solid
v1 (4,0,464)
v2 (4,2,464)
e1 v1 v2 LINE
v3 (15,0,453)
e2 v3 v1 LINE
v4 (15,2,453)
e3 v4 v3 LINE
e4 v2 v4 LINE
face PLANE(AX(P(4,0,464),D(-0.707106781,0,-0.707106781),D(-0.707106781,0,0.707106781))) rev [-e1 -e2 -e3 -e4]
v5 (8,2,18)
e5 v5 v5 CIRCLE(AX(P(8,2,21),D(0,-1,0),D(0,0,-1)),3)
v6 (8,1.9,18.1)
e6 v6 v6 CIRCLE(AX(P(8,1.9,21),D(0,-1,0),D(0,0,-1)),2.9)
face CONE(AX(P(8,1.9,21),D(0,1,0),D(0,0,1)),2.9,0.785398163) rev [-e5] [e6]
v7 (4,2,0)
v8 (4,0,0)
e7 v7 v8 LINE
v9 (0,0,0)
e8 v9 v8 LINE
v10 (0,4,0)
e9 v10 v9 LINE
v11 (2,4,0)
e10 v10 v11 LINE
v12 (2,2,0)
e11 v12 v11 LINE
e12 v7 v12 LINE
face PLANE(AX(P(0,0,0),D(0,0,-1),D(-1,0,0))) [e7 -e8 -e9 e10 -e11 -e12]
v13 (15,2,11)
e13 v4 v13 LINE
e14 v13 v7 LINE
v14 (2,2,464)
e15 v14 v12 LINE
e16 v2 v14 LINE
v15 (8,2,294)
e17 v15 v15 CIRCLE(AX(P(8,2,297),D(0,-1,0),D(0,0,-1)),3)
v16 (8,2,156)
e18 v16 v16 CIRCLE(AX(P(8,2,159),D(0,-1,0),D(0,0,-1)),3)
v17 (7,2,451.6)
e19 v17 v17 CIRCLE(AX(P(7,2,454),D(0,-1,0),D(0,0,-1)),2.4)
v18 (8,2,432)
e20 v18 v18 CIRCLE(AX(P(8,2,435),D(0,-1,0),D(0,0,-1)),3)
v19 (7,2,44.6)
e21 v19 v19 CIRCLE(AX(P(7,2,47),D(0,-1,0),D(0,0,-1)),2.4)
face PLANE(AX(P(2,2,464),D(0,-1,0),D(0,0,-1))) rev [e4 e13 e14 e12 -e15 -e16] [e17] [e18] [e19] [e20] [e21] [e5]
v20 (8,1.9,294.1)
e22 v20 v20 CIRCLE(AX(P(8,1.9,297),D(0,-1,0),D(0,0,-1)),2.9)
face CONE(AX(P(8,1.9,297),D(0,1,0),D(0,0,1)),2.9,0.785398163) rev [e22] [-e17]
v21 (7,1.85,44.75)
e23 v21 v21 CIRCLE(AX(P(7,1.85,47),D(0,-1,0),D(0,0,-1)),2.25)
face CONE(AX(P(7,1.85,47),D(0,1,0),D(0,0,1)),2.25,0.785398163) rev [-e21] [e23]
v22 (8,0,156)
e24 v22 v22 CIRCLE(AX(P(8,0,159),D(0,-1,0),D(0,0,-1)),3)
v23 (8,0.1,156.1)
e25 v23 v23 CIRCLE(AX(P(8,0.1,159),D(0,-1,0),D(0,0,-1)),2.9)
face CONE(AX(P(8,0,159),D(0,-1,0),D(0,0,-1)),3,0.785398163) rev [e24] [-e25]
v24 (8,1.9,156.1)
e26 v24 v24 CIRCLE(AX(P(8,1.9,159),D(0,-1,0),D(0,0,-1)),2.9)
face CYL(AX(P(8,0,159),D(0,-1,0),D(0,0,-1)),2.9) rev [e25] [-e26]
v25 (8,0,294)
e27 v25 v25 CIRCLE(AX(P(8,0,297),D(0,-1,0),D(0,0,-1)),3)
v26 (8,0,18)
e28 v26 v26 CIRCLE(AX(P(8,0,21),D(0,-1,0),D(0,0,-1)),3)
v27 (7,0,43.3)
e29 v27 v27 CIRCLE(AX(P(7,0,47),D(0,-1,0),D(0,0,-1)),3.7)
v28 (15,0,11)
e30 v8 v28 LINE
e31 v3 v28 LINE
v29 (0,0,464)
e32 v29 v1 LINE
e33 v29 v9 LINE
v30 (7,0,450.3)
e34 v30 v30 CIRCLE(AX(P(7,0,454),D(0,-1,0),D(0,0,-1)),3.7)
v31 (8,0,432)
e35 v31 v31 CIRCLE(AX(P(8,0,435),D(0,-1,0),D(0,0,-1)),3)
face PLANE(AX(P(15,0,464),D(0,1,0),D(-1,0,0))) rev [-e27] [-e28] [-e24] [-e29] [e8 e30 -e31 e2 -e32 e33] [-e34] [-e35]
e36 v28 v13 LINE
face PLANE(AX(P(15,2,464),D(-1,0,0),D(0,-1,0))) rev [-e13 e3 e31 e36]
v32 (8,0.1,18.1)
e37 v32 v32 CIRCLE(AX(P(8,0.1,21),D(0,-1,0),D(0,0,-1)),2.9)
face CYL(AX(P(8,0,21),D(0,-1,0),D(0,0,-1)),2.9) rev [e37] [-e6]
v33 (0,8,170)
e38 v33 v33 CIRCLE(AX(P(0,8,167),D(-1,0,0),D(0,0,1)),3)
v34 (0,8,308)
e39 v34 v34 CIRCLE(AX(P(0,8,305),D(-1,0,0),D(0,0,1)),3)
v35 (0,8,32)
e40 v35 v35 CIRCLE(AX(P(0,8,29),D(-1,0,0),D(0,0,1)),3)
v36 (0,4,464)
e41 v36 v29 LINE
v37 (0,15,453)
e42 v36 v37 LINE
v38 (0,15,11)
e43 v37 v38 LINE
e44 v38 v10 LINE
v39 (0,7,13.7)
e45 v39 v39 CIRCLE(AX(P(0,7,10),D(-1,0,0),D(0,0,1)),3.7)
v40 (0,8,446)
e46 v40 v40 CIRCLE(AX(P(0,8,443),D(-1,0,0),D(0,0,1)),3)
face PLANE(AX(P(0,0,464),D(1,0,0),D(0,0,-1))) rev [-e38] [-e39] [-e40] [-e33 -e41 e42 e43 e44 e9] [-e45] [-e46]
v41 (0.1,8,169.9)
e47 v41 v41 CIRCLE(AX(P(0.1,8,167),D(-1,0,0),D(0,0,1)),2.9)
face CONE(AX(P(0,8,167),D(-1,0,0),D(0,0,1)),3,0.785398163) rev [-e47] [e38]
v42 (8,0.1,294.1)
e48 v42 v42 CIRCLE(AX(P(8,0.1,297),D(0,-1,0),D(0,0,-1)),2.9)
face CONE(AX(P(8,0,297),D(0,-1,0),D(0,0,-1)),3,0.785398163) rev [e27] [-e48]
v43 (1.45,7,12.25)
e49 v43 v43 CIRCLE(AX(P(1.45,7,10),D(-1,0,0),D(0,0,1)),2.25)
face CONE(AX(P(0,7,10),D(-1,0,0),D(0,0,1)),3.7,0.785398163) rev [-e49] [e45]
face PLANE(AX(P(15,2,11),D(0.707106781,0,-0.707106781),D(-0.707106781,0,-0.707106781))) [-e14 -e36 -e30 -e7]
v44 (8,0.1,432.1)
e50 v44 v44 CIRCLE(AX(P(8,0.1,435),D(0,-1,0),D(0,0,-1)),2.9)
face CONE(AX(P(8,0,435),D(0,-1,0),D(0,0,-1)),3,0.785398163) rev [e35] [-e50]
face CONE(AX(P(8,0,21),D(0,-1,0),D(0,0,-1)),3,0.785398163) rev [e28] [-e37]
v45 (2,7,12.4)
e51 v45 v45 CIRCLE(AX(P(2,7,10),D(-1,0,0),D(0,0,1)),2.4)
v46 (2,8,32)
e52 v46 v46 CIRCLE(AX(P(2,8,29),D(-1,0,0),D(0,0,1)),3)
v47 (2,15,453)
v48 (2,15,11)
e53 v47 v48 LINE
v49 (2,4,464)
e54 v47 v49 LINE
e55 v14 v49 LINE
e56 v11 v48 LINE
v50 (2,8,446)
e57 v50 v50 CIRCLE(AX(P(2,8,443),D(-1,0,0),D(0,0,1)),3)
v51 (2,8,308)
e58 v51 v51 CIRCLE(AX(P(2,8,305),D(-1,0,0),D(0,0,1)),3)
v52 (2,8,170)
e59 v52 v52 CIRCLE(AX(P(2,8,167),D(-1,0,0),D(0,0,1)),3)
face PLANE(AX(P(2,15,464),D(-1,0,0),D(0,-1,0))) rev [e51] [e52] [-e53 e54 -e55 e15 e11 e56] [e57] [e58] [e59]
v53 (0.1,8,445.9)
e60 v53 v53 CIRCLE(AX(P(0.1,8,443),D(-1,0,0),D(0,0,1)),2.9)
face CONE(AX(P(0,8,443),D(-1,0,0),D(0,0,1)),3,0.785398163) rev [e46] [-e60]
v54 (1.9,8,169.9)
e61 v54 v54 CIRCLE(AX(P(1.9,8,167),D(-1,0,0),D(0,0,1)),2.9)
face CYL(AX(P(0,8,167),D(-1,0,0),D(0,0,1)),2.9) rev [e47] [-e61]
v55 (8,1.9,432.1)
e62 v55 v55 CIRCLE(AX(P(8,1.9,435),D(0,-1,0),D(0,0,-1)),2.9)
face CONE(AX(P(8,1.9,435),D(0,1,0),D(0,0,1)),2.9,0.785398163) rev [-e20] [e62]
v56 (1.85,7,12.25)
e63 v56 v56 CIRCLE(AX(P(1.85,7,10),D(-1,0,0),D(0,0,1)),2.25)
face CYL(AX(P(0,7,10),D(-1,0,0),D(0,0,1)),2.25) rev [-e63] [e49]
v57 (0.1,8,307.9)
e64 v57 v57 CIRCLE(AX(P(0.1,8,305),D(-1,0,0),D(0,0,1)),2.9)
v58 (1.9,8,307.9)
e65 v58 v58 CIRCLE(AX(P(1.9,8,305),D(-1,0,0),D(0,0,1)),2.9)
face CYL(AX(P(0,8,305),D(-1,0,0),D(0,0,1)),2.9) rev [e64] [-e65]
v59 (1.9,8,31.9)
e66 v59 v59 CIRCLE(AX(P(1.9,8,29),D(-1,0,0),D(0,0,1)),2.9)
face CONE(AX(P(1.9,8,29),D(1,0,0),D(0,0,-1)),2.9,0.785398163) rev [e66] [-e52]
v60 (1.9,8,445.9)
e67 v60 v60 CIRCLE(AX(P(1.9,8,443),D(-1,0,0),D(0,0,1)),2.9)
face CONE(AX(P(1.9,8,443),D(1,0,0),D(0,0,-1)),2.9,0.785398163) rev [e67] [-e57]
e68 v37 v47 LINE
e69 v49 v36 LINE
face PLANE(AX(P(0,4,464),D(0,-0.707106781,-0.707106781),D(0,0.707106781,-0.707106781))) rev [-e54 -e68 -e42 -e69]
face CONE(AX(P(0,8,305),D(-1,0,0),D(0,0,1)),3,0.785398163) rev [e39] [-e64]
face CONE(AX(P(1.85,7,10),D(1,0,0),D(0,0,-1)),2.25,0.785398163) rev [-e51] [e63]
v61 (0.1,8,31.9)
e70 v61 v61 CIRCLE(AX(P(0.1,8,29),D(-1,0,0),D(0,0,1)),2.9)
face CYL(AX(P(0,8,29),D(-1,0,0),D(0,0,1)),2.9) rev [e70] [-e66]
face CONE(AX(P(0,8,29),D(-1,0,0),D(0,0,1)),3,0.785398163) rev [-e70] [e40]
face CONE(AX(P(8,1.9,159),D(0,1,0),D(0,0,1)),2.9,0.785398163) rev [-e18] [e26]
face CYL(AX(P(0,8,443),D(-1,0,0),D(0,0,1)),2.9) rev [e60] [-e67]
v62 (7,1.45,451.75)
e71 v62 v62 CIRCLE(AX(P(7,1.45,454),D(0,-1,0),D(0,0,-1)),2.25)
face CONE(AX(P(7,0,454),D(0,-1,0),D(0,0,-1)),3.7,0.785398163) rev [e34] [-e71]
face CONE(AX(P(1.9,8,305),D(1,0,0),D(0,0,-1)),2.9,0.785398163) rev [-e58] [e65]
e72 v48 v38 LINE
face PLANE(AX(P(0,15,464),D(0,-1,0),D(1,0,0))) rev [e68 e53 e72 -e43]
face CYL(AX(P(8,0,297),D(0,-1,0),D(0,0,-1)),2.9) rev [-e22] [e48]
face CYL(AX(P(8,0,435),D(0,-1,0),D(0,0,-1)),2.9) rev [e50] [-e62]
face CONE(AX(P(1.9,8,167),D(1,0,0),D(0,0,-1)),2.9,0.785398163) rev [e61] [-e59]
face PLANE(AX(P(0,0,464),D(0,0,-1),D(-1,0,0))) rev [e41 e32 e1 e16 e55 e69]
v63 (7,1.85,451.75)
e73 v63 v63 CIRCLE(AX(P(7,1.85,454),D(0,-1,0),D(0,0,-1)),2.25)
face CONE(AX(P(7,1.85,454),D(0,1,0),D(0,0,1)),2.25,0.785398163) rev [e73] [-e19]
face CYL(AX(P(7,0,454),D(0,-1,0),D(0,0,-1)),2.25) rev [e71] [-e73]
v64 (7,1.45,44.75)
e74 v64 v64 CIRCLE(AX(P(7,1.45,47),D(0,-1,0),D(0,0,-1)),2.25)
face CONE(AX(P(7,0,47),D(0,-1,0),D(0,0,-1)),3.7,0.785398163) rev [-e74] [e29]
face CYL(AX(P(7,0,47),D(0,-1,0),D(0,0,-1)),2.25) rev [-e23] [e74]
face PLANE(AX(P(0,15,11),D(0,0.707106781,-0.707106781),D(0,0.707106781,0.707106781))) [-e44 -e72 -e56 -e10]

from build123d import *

# Parameters (mm, degrees)
EXTRUDE_1_DEPTH            = 464
CHAMFER_1_SIZE             = 11
HOLE_WIZARD_M41_AT_2_COUNT = 2
HOLE_WIZARD_M41_AT_2_PITCH = 407
HOLE_WIZARD_M51_AT_2_COUNT = 2
HOLE_WIZARD_M51_AT_2_PITCH = 138
HOLE_WIZARD_M51_AT_3_COUNT = 2
HOLE_WIZARD_M51_AT_3_PITCH = 276
HOLE_WIZARD_M51_AT_4_COUNT = 2
HOLE_WIZARD_M51_AT_4_PITCH = 414
HOLE_WIZARD_M52_AT_2_COUNT = 2
HOLE_WIZARD_M52_AT_2_PITCH = 138
HOLE_WIZARD_M52_AT_3_COUNT = 2
HOLE_WIZARD_M52_AT_3_PITCH = 276
HOLE_WIZARD_M52_AT_4_COUNT = 2
HOLE_WIZARD_M52_AT_4_PITCH = 414


with BuildPart() as part:
    # Эскиз1 → Бобышка-Вытянуть1 (new body)
    with BuildSketch(Plane.XY):
        Polygon((0, 0), (0, 15), (2, 15), (2, 2), (15, 2), (15, 0), align=None)
    extrude(amount=EXTRUDE_1_DEPTH)

    # Фаска1
    chamfer_1_edges = [part.edges().sort_by_distance(p)[0] for p in [
        (1, 15, 464),
        (1, 15, 0),
        (15, 1, 464),
        (15, 1, 0),
    ]]
    chamfer(chamfer_1_edges, length=CHAMFER_1_SIZE)

    # Эскиз2 → Зенковка для винта с потайной головкой M41 (revolve, cut)
    with BuildSketch(Plane(origin=(7, 0, 454), x_dir=(0, 0, -1), z_dir=(1, 0, 0))):
        Polygon((0, 0), (0, 2), (2.4, 2), (2.25, 1.85), (2.25, 1.45), (3.7, 0), align=None)
    hole_wizard_m41 = revolve(axis=Axis((7, -6.35, 454), (0, 1, 0)), mode=Mode.SUBTRACT)

    # Зенковка для винта с потайной головкой M41 at 2: Зенковка для винта с потайной головкой M41 ×2
    with Locations(*[(0, 0, -i * HOLE_WIZARD_M41_AT_2_PITCH) for i in range(1, HOLE_WIZARD_M41_AT_2_COUNT)]):
        add(hole_wizard_m41, mode=Mode.SUBTRACT)

    # Эскиз6 → Зенковка для винта с потайной головкой M42 (revolve, cut)
    with BuildSketch(Plane(origin=(0, 7, 10), x_dir=(0, 0, 1), z_dir=(0, 1, 0))):
        Polygon((0, 0), (0, 2), (2.4, 2), (2.25, 1.85), (2.25, 1.45), (3.7, 0), align=None)
    revolve(axis=Axis((-6.35, 7, 10), (1, 0, 0)), mode=Mode.SUBTRACT)

    # Эскиз8 → Отверстие с зазором M51 (revolve, cut)
    with BuildSketch(Plane(origin=(0, 8, 29), x_dir=(0, 0, 1), z_dir=(0, 1, 0))):
        Polygon((0, 0), (0, 2), (3, 2), (2.9, 1.9), (2.9, 0.1), (3, 0), align=None)
    hole_wizard_m51 = revolve(axis=Axis((-6.35, 8, 29), (1, 0, 0)), mode=Mode.SUBTRACT)

    # Отверстие с зазором M51 at 2: Отверстие с зазором M51 ×2
    with Locations(*[(0, 0, i * HOLE_WIZARD_M51_AT_2_PITCH) for i in range(1, HOLE_WIZARD_M51_AT_2_COUNT)]):
        add(hole_wizard_m51, mode=Mode.SUBTRACT)

    # Отверстие с зазором M51 at 3: Отверстие с зазором M51 ×2
    with Locations(*[(0, 0, i * HOLE_WIZARD_M51_AT_3_PITCH) for i in range(1, HOLE_WIZARD_M51_AT_3_COUNT)]):
        add(hole_wizard_m51, mode=Mode.SUBTRACT)

    # Отверстие с зазором M51 at 4: Отверстие с зазором M51 ×2
    with Locations(*[(0, 0, i * HOLE_WIZARD_M51_AT_4_PITCH) for i in range(1, HOLE_WIZARD_M51_AT_4_COUNT)]):
        add(hole_wizard_m51, mode=Mode.SUBTRACT)

    # Эскиз10 → Отверстие с зазором M52 (revolve, cut)
    with BuildSketch(Plane(origin=(8, 0, 21), x_dir=(0, 0, -1), z_dir=(1, 0, 0))):
        Polygon((0, 0), (0, 2), (3, 2), (2.9, 1.9), (2.9, 0.1), (3, 0), align=None)
    hole_wizard_m52 = revolve(axis=Axis((8, -6.35, 21), (0, 1, 0)), mode=Mode.SUBTRACT)

    # Отверстие с зазором M52 at 2: Отверстие с зазором M52 ×2
    with Locations(*[(0, 0, i * HOLE_WIZARD_M52_AT_2_PITCH) for i in range(1, HOLE_WIZARD_M52_AT_2_COUNT)]):
        add(hole_wizard_m52, mode=Mode.SUBTRACT)

    # Отверстие с зазором M52 at 3: Отверстие с зазором M52 ×2
    with Locations(*[(0, 0, i * HOLE_WIZARD_M52_AT_3_PITCH) for i in range(1, HOLE_WIZARD_M52_AT_3_COUNT)]):
        add(hole_wizard_m52, mode=Mode.SUBTRACT)

    # Отверстие с зазором M52 at 4: Отверстие с зазором M52 ×2
    with Locations(*[(0, 0, i * HOLE_WIZARD_M52_AT_4_PITCH) for i in range(1, HOLE_WIZARD_M52_AT_4_COUNT)]):
        add(hole_wizard_m52, mode=Mode.SUBTRACT)


solid = part.part
